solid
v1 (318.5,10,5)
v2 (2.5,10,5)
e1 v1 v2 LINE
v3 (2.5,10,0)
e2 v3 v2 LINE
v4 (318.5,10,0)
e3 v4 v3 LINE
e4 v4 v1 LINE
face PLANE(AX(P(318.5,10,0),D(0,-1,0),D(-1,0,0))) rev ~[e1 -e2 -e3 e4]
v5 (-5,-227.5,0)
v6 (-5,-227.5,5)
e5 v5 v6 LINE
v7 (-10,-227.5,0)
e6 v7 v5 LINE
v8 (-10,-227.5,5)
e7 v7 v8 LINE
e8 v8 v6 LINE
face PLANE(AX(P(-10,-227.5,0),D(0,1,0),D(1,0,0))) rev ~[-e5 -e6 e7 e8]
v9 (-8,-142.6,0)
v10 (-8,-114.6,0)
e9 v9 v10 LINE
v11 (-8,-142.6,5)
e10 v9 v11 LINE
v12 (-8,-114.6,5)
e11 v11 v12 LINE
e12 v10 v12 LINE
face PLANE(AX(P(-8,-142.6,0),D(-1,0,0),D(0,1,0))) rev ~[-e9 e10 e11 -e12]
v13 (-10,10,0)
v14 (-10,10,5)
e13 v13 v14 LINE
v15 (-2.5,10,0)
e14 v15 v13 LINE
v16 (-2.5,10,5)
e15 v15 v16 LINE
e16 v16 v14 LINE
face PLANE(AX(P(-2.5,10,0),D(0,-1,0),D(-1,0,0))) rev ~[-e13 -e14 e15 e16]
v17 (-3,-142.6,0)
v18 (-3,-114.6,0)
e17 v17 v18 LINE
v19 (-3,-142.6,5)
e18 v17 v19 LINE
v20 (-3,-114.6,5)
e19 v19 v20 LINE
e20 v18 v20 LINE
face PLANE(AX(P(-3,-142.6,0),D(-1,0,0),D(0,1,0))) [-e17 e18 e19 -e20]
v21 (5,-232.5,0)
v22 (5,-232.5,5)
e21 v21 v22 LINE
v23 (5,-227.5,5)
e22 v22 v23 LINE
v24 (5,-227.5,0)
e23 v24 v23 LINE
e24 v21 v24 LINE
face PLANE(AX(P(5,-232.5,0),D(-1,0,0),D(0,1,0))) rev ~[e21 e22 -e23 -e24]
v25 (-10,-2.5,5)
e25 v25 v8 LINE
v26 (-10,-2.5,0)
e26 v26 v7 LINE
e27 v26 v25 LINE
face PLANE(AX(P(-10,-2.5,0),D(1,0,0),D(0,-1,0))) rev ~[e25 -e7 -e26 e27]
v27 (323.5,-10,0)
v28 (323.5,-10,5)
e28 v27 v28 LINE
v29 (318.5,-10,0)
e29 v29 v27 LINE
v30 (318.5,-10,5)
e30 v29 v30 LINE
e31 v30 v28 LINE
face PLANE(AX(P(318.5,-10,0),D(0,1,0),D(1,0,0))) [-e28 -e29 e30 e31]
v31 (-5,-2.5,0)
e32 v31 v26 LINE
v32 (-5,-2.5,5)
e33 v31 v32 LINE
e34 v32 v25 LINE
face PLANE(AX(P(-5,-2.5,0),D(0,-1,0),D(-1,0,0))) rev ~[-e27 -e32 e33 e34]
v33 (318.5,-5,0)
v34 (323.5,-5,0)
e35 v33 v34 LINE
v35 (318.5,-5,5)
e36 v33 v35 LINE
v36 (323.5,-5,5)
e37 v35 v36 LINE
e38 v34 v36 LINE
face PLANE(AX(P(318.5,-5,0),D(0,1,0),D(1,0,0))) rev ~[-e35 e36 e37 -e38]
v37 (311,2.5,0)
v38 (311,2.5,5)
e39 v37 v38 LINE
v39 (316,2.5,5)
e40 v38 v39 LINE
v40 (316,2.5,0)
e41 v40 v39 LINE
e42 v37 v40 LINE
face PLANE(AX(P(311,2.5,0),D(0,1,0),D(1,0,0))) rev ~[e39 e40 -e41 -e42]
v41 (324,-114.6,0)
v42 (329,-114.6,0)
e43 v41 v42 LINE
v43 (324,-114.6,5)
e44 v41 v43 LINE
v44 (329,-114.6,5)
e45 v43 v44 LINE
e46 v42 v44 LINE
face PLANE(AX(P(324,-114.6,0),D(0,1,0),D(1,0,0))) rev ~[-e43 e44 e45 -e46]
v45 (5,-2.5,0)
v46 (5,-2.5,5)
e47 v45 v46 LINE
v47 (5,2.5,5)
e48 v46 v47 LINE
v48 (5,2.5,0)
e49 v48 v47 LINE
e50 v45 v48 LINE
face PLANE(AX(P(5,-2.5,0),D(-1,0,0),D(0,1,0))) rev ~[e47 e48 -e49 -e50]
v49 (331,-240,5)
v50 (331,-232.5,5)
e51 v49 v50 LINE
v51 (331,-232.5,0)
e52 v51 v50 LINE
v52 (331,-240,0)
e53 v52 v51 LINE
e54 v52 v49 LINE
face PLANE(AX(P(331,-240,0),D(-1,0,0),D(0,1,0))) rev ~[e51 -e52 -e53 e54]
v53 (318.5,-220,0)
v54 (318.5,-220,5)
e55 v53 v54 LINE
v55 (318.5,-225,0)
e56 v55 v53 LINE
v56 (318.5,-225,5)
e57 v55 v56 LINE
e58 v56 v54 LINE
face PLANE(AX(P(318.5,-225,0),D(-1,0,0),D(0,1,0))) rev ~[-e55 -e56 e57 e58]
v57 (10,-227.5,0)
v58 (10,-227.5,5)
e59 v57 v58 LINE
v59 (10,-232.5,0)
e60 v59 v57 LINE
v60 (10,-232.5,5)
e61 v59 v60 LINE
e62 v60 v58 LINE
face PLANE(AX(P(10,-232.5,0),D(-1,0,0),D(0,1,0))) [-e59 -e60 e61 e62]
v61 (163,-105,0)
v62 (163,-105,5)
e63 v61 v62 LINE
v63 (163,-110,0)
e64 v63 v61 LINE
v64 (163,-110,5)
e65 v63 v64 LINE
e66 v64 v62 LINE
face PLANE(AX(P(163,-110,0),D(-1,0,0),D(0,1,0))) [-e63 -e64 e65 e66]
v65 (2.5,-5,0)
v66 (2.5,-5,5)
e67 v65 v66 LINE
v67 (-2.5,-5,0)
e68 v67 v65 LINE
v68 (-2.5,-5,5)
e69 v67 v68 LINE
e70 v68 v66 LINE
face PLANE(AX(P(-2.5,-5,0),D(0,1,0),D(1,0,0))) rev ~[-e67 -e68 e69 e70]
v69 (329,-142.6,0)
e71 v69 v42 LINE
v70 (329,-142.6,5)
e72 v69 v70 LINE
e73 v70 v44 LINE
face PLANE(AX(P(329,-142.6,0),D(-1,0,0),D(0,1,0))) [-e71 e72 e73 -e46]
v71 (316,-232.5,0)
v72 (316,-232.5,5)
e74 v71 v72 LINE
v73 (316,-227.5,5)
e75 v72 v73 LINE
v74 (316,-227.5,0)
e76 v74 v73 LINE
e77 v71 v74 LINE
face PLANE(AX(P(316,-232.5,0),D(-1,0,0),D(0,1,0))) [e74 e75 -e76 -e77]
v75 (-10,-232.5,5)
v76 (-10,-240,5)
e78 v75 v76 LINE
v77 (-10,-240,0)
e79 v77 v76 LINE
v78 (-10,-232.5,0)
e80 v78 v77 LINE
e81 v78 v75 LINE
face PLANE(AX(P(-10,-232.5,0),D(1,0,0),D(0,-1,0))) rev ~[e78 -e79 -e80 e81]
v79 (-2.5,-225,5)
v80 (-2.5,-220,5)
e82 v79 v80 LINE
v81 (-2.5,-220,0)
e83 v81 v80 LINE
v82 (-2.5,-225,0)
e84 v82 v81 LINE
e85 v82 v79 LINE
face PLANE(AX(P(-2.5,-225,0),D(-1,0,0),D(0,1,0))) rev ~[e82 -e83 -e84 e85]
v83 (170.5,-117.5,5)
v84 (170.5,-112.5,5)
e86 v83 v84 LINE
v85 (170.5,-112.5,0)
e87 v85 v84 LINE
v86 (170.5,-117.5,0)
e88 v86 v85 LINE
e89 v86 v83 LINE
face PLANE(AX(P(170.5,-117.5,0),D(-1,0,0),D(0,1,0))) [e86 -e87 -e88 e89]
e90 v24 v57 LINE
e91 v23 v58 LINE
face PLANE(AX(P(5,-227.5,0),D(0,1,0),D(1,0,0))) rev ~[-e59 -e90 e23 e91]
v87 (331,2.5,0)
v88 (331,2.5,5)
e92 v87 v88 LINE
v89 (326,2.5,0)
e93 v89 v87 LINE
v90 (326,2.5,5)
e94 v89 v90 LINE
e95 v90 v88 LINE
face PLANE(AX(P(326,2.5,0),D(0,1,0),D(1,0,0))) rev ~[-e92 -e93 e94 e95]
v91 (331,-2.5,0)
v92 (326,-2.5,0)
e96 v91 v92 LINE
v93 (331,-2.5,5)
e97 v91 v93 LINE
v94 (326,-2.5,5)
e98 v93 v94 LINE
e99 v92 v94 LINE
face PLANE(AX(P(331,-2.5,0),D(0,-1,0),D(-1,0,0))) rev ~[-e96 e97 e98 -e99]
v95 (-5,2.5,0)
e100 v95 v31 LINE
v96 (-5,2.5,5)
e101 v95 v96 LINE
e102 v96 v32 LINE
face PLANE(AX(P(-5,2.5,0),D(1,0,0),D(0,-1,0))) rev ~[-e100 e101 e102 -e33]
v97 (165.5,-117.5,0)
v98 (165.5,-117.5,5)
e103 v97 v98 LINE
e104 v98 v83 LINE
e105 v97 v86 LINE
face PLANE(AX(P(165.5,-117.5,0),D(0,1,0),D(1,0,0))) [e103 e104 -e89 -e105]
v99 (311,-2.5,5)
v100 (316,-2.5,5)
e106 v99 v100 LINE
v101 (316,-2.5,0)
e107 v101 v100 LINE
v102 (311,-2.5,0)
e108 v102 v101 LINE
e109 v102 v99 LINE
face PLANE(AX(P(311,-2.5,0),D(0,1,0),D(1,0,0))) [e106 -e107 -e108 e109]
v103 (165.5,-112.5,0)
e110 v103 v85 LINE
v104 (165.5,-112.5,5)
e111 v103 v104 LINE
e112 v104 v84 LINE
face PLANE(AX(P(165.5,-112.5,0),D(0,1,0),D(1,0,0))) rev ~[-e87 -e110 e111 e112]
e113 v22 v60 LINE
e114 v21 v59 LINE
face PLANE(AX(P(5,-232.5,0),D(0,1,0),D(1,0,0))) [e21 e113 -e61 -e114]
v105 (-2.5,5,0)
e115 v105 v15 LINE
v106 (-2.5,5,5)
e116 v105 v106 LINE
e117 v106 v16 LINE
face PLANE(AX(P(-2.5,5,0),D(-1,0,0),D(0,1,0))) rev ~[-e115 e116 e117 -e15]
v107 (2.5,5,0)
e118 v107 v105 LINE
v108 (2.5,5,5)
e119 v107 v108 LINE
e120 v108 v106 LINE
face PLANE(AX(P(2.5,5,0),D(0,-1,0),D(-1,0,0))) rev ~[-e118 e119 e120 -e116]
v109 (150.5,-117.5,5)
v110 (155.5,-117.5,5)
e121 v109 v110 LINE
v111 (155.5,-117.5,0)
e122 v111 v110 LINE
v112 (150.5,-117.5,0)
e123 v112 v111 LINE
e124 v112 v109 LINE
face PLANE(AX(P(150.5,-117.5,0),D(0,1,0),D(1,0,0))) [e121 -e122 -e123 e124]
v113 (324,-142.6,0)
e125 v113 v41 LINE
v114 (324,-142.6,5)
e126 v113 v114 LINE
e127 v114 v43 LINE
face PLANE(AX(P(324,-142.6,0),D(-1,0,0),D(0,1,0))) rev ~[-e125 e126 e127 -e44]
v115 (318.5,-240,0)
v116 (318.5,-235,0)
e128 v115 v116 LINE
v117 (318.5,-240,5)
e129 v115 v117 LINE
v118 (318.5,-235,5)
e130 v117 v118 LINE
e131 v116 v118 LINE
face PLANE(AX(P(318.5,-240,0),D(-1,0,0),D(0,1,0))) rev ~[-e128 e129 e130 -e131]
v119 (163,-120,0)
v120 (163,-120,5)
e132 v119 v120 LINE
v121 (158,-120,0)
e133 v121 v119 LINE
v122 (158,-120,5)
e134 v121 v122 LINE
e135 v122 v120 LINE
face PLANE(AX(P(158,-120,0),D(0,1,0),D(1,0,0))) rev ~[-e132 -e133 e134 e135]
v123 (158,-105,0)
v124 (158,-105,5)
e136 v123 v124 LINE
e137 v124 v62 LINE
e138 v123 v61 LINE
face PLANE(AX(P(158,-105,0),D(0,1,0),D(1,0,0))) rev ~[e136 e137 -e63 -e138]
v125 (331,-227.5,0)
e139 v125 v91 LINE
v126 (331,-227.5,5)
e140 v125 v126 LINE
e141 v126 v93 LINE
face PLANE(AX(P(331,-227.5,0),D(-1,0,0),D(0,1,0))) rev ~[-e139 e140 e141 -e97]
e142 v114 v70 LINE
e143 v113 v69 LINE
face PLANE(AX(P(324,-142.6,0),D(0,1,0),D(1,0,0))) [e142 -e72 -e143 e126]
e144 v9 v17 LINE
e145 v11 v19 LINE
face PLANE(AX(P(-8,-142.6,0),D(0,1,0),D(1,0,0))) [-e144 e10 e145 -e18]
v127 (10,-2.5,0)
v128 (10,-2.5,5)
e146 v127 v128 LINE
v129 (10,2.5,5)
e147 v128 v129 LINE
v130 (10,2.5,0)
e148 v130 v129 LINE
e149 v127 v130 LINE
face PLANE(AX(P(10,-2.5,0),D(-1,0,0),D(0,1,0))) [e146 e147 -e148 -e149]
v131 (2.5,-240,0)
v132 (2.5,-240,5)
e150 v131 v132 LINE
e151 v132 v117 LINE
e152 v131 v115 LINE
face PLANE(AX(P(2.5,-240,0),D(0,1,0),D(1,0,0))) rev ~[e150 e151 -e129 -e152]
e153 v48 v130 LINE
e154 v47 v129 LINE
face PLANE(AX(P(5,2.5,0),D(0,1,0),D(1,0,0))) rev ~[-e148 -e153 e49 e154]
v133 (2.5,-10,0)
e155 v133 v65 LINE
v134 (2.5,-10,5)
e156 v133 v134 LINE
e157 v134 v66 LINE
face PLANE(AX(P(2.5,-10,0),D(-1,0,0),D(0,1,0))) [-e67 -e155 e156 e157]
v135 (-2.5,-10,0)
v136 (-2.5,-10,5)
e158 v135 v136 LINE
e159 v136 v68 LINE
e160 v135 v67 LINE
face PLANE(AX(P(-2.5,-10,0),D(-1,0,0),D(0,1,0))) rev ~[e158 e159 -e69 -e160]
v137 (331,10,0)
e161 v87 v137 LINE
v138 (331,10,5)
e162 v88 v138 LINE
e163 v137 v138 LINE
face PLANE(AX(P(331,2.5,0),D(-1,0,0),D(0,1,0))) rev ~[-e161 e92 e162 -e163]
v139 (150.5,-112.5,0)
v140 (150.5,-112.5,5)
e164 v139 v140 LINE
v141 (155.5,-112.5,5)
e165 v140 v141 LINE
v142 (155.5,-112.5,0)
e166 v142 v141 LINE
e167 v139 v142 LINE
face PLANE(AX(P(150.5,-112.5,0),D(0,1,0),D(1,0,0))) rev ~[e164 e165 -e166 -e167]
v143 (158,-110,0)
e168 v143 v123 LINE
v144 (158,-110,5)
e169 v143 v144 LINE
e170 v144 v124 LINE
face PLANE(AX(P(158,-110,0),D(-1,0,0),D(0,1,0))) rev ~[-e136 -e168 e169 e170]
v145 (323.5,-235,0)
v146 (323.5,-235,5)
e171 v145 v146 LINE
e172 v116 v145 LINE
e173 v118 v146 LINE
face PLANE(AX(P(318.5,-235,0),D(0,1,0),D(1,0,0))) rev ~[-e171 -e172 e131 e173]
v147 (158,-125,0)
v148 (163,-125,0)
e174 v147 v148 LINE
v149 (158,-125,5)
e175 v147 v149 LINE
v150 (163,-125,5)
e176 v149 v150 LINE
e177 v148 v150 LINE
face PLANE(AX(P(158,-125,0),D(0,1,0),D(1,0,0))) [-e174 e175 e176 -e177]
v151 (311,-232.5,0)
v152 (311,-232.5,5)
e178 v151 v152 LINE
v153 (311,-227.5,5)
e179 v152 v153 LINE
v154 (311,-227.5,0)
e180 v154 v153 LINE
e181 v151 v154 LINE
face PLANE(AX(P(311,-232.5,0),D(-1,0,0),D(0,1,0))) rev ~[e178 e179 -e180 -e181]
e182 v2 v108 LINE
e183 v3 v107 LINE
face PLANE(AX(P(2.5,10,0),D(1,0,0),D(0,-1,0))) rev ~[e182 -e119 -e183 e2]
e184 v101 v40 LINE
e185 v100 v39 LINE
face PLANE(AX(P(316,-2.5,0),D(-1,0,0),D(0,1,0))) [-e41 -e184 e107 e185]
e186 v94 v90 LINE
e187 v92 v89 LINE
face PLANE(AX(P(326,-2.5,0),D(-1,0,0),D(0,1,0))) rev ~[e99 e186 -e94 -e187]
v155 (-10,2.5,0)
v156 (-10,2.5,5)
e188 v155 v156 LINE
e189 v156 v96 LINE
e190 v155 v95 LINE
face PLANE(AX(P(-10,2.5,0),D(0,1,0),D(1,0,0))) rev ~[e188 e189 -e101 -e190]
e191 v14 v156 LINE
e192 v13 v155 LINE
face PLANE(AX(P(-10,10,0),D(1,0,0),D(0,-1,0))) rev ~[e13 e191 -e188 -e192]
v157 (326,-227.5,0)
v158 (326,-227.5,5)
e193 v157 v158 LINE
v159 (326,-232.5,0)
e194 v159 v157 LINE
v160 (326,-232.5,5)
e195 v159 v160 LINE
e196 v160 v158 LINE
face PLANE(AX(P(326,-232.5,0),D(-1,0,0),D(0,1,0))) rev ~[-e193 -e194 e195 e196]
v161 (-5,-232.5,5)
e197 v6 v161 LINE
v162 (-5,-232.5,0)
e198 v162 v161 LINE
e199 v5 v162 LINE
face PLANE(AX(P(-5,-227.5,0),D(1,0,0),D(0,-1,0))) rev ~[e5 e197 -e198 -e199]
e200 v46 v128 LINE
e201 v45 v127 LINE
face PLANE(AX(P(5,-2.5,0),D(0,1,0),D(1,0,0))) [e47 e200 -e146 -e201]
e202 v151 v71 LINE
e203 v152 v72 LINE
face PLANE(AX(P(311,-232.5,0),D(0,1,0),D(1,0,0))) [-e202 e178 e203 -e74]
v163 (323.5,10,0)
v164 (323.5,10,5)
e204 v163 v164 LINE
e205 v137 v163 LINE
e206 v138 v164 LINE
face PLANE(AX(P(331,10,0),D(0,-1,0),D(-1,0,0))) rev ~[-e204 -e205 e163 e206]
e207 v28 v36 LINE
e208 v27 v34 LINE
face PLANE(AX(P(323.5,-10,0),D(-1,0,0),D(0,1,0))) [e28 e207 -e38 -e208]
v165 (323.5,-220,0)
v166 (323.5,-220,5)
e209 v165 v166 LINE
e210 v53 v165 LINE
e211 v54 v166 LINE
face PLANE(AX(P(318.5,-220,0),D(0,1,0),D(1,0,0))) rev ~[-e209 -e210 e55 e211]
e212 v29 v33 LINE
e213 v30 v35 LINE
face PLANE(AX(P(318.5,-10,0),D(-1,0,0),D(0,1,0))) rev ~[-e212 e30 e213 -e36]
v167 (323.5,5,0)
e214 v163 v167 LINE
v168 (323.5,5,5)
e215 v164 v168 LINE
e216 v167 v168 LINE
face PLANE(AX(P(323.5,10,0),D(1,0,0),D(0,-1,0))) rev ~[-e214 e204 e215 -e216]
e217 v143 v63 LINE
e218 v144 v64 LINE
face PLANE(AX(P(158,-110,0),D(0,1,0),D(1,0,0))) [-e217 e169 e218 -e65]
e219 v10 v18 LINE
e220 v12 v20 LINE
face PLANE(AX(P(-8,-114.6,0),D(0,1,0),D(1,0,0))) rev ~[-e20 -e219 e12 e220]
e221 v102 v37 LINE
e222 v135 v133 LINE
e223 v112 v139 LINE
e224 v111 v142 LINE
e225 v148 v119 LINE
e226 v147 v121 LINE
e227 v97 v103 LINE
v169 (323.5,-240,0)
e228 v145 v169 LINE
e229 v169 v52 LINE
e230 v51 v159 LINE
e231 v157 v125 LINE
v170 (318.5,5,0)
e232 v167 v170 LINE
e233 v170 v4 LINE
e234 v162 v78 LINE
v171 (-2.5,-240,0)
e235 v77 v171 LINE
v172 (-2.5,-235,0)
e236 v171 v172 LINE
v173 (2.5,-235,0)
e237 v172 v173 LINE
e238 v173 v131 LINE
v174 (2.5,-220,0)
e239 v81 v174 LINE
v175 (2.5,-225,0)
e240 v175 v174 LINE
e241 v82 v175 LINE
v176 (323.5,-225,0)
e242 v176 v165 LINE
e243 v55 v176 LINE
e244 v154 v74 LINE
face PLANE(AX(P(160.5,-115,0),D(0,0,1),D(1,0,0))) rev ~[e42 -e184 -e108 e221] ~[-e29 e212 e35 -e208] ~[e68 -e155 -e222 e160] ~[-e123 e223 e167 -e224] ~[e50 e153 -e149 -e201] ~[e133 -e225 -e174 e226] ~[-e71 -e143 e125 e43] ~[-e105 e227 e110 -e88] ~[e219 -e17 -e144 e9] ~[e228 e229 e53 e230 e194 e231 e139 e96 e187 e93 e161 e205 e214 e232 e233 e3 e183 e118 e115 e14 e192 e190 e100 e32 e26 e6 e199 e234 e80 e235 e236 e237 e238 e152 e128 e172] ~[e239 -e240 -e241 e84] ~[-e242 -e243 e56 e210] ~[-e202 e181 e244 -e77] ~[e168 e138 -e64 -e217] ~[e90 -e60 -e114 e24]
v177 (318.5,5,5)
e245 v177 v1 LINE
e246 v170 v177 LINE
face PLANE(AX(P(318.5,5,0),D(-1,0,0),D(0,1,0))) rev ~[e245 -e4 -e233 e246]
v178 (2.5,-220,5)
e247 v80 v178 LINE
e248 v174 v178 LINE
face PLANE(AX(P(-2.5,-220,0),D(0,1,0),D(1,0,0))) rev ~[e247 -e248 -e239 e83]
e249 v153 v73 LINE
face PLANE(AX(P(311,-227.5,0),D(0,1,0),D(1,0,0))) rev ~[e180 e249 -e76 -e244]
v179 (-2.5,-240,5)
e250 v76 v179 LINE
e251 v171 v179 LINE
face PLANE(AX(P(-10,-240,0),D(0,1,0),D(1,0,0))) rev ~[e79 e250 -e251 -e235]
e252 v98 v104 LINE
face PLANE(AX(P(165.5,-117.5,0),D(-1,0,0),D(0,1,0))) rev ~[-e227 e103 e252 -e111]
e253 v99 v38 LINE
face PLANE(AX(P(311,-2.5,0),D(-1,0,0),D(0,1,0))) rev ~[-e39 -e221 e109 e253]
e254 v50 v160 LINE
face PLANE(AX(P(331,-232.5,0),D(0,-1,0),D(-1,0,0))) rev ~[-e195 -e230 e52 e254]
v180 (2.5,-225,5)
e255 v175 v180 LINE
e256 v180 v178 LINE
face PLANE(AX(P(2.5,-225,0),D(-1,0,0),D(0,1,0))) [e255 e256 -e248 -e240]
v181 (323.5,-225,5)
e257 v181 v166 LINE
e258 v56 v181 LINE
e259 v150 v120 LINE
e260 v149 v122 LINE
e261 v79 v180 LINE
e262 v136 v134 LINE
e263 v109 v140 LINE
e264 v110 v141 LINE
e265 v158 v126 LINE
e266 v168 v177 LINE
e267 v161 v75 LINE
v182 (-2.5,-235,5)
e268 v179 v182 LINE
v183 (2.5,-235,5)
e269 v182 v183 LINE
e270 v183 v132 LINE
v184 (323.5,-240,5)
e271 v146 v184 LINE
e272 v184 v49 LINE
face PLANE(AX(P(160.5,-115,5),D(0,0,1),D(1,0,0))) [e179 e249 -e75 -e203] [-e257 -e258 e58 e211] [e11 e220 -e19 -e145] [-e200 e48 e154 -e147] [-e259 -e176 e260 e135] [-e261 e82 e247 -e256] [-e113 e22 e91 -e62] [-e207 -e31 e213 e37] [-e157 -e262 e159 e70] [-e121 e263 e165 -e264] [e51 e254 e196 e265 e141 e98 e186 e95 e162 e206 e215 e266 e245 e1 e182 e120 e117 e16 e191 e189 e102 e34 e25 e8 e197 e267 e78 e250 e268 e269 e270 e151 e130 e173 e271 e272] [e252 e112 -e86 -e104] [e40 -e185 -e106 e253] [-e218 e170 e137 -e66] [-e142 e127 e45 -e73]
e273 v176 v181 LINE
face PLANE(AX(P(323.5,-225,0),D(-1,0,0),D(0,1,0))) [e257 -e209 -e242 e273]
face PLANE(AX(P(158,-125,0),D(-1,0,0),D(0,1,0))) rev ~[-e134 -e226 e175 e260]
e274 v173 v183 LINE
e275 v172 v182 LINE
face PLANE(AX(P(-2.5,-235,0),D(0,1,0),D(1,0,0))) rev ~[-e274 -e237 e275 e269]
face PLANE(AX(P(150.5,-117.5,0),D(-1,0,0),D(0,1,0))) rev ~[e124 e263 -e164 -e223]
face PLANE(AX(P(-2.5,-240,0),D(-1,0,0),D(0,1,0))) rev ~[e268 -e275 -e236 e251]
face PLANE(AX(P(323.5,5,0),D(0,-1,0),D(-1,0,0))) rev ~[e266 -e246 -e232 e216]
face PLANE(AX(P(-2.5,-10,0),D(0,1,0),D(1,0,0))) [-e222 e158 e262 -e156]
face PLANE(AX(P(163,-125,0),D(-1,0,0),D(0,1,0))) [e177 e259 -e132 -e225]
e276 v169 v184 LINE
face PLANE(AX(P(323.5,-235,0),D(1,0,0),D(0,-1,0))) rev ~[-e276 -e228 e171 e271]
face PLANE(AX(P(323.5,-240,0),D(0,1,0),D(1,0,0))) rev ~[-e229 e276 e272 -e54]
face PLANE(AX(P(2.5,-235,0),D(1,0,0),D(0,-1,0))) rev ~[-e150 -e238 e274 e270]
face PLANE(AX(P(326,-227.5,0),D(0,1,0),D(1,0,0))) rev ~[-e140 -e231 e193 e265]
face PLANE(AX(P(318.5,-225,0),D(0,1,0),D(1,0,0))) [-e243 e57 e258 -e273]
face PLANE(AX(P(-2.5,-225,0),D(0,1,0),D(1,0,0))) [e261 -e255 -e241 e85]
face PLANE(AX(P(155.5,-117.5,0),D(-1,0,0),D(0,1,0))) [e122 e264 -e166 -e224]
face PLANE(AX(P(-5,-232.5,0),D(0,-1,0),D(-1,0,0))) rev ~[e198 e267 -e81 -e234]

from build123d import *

# Parameters (mm, degrees)
SKETCH1_W           = 5
SKETCH1_H           = 28.000000001
SKETCH1_H_2         = 5
BOSS_EXTRUDE1_DEPTH = 5


with BuildPart() as part:
    # Sketch1 → Boss-Extrude1 (new body)
    with BuildSketch(Plane.XY):
        Polygon((331, 10), (323.5, 10), (323.5, 5), (318.5, 5), (318.5, 10), (2.5, 10), (2.5, 5), (-2.5, 5), (-2.5, 10), (-10, 10), (-10, 2.5), (-5, 2.5), (-5, -2.5), (-10, -2.5), (-10, -227.5), (-5, -227.5), (-5, -232.5), (-10, -232.5), (-10, -240), (-2.5, -240), (-2.5, -235), (2.5, -235), (2.5, -240), (318.5, -240), (318.5, -235), (323.5, -235), (323.5, -240), (331, -240), (331, -232.5), (326, -232.5), (326, -227.5), (331, -227.5), (331, -2.5), (326, -2.5), (326, 2.5), (331, 2.5), align=None)
        with Locations((-5.5, -128.600000001)):
            Rectangle(SKETCH1_W, SKETCH1_H, mode=Mode.SUBTRACT)
        with Locations((326.5, -128.600000001)):
            Rectangle(SKETCH1_W, SKETCH1_H, mode=Mode.SUBTRACT)
        with Locations((313.5, 0)):
            Rectangle(SKETCH1_W, SKETCH1_H_2, mode=Mode.SUBTRACT)
        with Locations((321, -7.5)):
            Rectangle(SKETCH1_W, SKETCH1_H_2, mode=Mode.SUBTRACT)
        with Locations((0, -7.5)):
            Rectangle(SKETCH1_W, SKETCH1_H_2, mode=Mode.SUBTRACT)
        with Locations((7.5, 0)):
            Rectangle(SKETCH1_W, SKETCH1_H_2, mode=Mode.SUBTRACT)
        with Locations((160.5, -122.5)):
            Rectangle(SKETCH1_W, SKETCH1_H_2, mode=Mode.SUBTRACT)
        with Locations((168, -115)):
            Rectangle(SKETCH1_W, SKETCH1_H_2, mode=Mode.SUBTRACT)
        with Locations((153, -115)):
            Rectangle(SKETCH1_W, SKETCH1_H_2, mode=Mode.SUBTRACT)
        with Locations((160.5, -107.5)):
            Rectangle(SKETCH1_W, SKETCH1_H_2, mode=Mode.SUBTRACT)
        with Locations((7.5, -230)):
            Rectangle(SKETCH1_W, SKETCH1_H_2, mode=Mode.SUBTRACT)
        with Locations((0, -222.5)):
            Rectangle(SKETCH1_W, SKETCH1_H_2, mode=Mode.SUBTRACT)
        with Locations((321, -222.5)):
            Rectangle(SKETCH1_W, SKETCH1_H_2, mode=Mode.SUBTRACT)
        with Locations((313.5, -230)):
            Rectangle(SKETCH1_W, SKETCH1_H_2, mode=Mode.SUBTRACT)
    extrude(amount=BOSS_EXTRUDE1_DEPTH)


solid = part.part
